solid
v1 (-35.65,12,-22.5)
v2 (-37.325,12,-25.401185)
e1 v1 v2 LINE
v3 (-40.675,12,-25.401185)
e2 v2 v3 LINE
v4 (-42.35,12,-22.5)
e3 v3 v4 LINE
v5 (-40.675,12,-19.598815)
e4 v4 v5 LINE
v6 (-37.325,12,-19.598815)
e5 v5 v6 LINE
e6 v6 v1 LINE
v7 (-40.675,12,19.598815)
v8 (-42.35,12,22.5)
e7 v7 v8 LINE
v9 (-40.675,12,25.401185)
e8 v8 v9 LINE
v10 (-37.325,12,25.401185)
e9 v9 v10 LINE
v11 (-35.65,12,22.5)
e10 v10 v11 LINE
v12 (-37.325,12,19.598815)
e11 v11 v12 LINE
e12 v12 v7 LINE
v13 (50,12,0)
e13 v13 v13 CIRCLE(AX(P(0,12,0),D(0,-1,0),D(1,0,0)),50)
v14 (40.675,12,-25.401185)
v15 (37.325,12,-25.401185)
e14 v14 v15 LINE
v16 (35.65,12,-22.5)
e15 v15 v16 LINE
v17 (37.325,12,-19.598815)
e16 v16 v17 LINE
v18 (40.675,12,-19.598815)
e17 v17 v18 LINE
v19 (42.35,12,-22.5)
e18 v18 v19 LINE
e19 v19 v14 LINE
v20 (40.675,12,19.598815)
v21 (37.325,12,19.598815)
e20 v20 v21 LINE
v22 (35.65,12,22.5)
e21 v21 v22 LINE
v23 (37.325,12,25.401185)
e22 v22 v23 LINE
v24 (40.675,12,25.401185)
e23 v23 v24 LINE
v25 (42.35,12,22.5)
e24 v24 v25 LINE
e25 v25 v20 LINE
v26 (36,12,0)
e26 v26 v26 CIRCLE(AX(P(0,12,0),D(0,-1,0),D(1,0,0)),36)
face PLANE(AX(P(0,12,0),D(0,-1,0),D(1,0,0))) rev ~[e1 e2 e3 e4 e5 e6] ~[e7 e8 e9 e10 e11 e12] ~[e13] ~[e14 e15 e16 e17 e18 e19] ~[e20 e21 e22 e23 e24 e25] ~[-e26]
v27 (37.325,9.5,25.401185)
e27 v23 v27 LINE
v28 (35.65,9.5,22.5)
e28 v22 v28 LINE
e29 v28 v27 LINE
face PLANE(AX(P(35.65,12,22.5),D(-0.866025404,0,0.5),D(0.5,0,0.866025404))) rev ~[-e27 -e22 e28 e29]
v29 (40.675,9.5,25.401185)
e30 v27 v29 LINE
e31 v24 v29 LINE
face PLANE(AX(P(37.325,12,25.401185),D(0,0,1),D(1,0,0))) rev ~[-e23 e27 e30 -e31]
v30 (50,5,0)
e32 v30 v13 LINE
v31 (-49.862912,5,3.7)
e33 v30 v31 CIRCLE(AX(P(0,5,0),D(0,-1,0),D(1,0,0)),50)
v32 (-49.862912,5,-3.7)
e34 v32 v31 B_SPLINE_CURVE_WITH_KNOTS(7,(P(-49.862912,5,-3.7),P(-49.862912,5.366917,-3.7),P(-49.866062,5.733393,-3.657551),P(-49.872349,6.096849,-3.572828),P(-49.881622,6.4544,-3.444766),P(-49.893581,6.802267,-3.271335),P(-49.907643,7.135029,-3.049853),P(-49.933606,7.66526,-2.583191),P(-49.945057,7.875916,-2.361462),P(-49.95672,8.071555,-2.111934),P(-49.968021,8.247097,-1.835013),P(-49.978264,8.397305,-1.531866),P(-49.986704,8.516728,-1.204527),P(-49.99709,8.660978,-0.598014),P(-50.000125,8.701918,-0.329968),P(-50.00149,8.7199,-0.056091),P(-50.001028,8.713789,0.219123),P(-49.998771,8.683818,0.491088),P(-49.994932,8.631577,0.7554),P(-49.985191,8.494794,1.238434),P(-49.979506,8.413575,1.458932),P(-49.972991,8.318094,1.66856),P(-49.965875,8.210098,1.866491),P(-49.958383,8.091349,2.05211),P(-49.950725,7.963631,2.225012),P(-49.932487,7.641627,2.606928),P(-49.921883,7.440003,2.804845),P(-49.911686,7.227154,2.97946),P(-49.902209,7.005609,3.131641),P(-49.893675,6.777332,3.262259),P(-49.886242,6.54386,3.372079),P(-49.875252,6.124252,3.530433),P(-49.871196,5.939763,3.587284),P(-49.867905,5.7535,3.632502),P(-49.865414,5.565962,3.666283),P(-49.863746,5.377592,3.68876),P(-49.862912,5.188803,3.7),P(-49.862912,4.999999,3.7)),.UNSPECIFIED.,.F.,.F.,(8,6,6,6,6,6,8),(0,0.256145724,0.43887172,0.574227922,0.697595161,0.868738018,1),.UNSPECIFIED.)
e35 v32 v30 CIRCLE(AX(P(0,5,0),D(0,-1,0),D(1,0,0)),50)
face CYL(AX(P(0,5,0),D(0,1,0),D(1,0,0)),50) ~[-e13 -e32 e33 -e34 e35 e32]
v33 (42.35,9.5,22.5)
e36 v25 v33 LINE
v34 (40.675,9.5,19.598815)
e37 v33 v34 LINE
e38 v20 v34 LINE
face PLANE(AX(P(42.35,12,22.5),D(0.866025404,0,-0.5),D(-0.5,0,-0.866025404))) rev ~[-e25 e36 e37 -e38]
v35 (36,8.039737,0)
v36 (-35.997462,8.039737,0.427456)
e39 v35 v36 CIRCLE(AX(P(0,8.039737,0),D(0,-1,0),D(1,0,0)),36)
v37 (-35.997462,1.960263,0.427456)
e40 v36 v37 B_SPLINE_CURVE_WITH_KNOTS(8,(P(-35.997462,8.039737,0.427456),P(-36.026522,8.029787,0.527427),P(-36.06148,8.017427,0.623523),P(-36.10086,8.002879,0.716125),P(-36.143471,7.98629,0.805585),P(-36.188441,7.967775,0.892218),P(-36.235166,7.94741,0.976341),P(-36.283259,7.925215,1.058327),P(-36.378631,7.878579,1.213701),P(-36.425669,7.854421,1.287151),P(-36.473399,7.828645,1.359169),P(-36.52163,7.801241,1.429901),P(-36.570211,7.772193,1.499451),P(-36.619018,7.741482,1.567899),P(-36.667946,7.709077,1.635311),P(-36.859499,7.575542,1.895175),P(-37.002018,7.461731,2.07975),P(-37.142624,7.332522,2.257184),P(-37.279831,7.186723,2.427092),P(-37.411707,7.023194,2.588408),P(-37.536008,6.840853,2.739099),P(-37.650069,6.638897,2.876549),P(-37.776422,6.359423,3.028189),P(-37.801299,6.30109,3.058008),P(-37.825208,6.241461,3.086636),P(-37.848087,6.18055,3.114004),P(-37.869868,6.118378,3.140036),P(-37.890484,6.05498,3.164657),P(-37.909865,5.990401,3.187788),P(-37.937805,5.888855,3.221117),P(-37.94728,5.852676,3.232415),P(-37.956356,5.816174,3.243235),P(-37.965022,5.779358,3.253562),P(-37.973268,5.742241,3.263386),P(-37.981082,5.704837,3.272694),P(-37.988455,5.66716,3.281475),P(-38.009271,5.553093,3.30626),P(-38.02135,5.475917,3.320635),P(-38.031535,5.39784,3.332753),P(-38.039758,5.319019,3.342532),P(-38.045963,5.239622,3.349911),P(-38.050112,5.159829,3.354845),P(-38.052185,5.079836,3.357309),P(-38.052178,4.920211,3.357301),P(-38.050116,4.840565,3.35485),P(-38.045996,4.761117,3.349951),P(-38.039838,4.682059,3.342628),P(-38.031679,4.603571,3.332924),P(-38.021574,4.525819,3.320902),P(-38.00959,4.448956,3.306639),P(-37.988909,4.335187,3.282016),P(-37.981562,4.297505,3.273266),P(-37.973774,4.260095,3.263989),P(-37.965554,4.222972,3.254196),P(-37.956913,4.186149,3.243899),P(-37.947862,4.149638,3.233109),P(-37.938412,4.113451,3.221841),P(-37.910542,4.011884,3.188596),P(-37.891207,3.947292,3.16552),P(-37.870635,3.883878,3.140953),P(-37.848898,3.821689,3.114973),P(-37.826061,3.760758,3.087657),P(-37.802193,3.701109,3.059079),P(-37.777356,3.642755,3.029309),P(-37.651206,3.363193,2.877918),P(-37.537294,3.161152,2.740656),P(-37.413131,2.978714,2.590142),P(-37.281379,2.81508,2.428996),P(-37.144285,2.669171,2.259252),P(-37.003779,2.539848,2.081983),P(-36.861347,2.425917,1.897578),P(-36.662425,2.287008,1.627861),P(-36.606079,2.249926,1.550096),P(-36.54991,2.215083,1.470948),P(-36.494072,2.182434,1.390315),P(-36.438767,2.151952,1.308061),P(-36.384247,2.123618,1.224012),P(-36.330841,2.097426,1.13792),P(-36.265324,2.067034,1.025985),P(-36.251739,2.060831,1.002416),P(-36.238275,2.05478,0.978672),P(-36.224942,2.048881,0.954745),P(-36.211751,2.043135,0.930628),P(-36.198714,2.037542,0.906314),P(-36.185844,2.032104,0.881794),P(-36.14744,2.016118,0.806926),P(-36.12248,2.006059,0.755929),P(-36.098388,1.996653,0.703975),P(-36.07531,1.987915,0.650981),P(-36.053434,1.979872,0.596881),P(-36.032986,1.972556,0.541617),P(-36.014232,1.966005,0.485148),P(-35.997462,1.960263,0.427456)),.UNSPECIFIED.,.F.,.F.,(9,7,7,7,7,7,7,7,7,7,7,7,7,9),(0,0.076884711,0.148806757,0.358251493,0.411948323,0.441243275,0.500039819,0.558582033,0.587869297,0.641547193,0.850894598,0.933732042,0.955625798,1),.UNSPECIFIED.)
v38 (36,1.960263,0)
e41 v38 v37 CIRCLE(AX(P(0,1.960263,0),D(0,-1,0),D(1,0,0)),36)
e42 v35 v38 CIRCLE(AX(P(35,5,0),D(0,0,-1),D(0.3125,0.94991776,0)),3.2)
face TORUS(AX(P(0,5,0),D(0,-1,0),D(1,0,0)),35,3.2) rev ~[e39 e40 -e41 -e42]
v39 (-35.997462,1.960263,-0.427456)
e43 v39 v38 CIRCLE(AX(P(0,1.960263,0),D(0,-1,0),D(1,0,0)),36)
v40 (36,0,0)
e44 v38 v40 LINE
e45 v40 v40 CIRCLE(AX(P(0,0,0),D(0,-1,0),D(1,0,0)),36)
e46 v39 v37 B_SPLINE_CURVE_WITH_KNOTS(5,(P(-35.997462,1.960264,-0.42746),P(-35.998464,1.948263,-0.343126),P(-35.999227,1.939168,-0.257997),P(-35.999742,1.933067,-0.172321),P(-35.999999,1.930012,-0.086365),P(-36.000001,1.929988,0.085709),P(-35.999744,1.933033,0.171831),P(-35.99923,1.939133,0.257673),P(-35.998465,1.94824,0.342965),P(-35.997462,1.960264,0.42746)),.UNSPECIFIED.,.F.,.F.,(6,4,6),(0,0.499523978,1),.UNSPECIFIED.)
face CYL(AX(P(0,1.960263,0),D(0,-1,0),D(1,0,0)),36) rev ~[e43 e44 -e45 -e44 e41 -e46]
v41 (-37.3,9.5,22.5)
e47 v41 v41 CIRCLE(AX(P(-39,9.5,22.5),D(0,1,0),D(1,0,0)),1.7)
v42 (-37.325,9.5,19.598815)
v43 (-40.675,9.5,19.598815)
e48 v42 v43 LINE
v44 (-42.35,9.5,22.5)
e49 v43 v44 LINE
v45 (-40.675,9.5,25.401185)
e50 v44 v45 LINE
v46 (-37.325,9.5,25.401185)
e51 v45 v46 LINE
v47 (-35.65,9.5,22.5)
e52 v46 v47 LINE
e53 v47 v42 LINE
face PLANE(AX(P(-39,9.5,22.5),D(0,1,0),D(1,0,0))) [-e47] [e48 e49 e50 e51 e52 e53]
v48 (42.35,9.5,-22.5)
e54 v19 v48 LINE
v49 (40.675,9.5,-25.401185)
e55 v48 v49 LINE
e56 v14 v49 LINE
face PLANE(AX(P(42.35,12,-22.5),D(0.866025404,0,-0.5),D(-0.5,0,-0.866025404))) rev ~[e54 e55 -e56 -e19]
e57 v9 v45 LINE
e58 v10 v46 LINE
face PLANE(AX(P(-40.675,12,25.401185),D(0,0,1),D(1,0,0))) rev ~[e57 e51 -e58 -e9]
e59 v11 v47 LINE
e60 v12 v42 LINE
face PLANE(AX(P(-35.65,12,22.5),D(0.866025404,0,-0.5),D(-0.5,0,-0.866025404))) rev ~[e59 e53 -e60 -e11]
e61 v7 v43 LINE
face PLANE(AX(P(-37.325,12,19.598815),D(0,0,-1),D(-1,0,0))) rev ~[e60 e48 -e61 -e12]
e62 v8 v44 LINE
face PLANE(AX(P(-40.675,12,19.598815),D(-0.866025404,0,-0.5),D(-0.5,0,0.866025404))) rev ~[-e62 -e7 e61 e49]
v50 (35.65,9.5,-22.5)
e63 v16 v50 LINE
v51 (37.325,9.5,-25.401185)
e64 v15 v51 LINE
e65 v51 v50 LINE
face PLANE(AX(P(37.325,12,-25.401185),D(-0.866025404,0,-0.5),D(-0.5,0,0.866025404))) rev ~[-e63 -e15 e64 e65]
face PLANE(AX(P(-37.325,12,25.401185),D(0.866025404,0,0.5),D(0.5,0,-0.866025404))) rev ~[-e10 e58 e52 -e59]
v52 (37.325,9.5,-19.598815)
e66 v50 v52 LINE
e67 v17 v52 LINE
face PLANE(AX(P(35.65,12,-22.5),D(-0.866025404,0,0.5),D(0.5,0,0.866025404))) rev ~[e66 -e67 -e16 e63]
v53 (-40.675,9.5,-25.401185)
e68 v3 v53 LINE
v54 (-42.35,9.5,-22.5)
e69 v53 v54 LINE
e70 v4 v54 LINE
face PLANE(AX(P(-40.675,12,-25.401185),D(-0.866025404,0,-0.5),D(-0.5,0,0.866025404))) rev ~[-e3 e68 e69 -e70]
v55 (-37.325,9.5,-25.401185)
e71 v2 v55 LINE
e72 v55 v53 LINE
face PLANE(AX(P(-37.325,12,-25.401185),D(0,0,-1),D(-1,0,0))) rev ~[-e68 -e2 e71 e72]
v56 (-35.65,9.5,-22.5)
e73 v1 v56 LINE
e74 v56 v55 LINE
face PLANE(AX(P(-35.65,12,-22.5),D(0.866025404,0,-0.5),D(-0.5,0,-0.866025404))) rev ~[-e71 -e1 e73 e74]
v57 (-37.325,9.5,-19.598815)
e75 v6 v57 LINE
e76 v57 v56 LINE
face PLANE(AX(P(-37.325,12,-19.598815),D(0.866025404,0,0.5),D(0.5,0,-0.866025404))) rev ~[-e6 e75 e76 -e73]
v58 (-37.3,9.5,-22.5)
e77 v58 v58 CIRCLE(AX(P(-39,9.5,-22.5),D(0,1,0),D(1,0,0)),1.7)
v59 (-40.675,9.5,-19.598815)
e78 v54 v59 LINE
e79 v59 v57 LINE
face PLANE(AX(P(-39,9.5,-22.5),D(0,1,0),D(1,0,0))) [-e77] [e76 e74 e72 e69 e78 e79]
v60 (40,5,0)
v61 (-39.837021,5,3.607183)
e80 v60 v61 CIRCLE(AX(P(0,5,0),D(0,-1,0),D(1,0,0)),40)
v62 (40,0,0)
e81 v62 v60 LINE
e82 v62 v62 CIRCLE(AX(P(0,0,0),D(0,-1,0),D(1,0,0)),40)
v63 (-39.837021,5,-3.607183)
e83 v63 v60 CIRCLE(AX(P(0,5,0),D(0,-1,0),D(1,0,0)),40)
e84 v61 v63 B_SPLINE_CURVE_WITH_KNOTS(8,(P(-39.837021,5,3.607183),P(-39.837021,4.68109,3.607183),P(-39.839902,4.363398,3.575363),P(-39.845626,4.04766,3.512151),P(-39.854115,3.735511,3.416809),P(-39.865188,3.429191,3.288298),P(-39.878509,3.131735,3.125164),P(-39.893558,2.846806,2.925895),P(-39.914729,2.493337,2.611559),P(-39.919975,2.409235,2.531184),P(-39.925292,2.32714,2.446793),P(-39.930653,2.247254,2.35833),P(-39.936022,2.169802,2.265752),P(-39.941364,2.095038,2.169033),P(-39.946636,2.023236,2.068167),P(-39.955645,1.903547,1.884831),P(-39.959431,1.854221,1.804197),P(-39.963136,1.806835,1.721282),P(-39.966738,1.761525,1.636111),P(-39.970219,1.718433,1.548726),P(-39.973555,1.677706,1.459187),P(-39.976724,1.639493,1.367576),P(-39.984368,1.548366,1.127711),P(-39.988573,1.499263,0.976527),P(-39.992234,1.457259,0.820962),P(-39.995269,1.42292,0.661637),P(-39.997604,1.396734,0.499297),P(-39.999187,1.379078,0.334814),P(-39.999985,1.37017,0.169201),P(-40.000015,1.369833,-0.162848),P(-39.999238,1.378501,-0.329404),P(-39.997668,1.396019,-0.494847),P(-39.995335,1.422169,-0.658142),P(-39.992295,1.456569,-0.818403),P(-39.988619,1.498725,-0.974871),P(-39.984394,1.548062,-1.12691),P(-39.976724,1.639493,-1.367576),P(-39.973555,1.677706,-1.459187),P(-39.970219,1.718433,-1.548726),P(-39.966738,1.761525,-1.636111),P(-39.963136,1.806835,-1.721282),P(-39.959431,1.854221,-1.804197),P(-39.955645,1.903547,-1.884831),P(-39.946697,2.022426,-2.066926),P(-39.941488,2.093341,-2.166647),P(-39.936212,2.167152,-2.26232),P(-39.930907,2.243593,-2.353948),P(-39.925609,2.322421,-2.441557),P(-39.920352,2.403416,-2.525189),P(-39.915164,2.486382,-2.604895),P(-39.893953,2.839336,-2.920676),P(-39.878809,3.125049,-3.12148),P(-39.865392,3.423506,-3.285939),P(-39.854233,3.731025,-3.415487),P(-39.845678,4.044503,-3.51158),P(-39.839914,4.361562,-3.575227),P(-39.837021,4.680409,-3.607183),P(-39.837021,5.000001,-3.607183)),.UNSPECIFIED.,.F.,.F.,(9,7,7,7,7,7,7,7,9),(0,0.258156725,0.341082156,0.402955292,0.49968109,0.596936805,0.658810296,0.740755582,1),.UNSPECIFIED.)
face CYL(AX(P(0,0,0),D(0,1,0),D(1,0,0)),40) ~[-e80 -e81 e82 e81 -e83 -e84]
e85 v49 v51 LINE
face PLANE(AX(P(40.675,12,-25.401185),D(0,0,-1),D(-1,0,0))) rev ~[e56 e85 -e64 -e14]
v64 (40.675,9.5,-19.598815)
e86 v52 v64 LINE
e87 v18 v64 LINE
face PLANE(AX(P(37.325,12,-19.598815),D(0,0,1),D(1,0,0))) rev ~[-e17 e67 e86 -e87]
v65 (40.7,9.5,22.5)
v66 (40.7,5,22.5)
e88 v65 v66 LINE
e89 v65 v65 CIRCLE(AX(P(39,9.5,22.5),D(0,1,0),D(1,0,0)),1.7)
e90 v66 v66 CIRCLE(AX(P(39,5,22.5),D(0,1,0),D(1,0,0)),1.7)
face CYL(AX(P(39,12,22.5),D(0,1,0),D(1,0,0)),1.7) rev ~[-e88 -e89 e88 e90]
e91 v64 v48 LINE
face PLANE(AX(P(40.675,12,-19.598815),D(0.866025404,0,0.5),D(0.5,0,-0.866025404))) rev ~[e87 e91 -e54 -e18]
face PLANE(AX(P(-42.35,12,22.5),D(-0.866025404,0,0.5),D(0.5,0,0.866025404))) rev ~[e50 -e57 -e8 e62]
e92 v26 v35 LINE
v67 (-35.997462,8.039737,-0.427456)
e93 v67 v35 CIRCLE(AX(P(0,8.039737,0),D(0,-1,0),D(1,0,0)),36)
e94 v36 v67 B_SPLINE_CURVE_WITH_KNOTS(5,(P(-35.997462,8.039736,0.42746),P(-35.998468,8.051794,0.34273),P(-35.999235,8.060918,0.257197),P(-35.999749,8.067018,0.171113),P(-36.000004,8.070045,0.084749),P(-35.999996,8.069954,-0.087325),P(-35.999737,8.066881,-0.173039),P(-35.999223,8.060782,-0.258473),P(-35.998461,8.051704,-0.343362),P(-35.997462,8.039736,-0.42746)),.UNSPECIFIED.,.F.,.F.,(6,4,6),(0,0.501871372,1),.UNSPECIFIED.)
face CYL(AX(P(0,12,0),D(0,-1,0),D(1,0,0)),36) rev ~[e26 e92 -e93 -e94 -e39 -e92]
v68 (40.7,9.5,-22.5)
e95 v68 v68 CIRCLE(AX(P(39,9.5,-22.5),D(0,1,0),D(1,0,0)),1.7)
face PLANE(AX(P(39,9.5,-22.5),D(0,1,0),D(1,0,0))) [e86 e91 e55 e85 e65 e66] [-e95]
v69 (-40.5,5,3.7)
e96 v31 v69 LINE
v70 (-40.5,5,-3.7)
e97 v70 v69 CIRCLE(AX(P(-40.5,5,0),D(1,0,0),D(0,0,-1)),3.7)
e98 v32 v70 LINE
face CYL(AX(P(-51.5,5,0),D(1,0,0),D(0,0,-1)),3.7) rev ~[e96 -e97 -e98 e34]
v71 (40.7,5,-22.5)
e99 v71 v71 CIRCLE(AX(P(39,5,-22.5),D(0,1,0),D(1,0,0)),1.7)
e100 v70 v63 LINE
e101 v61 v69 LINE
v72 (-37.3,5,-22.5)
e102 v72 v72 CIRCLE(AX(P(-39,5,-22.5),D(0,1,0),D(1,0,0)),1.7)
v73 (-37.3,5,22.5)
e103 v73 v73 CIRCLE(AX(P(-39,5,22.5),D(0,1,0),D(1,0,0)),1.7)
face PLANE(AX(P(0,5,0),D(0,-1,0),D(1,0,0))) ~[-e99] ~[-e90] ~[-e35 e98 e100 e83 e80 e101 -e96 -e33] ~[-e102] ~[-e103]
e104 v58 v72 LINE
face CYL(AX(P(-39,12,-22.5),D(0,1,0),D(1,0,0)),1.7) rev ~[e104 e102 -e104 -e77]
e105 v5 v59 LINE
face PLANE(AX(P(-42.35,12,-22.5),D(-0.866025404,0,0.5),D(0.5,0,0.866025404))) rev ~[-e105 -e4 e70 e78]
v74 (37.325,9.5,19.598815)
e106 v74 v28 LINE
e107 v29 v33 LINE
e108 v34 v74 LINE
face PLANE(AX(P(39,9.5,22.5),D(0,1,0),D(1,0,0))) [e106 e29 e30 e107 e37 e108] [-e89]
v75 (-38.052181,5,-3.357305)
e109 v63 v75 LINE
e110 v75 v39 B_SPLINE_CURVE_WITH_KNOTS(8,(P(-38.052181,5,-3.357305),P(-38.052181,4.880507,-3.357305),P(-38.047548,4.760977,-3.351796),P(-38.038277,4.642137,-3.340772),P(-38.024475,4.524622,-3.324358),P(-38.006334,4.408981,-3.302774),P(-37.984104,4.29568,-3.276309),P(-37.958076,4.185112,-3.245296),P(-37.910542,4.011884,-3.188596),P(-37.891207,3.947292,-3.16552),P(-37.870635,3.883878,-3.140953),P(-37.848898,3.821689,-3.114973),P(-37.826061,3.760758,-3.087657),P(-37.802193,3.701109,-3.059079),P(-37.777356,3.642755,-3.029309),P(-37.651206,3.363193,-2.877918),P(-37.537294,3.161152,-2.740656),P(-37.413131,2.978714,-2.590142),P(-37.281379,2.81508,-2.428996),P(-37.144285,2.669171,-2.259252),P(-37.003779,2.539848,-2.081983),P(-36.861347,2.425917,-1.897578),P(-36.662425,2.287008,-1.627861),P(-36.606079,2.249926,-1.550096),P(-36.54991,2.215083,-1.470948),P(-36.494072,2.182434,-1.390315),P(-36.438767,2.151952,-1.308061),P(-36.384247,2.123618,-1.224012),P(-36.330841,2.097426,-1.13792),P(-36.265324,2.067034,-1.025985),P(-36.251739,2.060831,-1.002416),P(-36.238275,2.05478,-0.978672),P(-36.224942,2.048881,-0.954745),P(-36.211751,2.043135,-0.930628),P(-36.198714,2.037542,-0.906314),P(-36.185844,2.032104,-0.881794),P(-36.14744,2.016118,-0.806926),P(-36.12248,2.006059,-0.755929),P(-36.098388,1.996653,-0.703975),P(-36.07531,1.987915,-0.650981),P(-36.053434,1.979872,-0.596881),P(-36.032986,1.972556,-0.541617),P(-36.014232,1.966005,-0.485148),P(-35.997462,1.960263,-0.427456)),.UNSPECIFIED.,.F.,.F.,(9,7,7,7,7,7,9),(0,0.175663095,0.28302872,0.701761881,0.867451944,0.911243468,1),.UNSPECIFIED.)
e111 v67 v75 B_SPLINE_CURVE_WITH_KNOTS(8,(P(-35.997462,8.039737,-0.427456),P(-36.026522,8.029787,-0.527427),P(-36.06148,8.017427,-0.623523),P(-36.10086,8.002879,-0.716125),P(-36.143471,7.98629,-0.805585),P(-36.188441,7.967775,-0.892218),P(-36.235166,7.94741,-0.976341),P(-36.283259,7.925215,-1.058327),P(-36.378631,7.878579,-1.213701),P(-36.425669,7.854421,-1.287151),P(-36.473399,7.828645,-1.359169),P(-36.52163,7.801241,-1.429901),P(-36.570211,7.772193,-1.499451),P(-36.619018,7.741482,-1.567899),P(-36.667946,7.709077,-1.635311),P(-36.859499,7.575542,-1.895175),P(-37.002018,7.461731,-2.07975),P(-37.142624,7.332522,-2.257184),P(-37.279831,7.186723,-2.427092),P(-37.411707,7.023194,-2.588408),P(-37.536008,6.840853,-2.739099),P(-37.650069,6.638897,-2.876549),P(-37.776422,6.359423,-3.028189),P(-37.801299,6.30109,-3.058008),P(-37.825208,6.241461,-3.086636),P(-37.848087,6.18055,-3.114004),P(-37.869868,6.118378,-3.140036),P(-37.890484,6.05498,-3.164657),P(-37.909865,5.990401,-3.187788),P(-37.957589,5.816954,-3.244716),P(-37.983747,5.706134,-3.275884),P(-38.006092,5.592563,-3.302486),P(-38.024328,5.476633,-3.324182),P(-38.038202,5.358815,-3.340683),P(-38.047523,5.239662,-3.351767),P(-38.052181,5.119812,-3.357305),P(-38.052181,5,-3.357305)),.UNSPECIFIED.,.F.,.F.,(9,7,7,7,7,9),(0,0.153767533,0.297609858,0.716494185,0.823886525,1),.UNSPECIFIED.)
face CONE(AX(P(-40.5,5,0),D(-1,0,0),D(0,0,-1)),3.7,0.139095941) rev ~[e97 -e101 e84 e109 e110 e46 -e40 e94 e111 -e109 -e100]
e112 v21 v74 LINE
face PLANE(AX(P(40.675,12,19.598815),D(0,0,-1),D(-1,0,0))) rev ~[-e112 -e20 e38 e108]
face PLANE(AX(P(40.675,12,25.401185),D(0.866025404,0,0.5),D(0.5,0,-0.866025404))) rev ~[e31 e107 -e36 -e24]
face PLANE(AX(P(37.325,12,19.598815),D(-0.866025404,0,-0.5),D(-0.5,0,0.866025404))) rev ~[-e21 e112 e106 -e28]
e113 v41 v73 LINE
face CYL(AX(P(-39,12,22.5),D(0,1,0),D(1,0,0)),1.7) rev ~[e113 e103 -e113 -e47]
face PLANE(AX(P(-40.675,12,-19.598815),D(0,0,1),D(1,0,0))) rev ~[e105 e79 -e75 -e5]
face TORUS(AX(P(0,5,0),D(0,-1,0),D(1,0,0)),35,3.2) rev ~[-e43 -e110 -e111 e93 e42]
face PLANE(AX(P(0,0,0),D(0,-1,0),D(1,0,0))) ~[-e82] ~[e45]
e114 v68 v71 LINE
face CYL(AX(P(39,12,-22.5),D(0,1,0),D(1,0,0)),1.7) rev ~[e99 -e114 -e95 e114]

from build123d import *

# Parameters (mm, degrees)
CROQUIS4_R            = 1.7
CORTAR_EXTRUIR1_DEPTH = 10
CORTAR_EXTRUIR2_DEPTH = 2.5


with BuildPart() as part:
    # Croquis1 → Revolución1 (revolve)
    with BuildSketch(Plane.XY):
        with BuildLine():
            Line((50, 12), (36, 12))
            Line((36, 12), (36, 8.039736831))
            ThreePointArc((36, 8.039736831), (38.2, 5), (36, 1.960263169))
            Line((36, 1.960263169), (36, 0))
            Line((36, 0), (40, 0))
            Line((40, 0), (40, 5))
            Line((40, 5), (50, 5))
            Line((50, 5), (50, 12))
        make_face()
    revolve(axis=Axis((0, 9.671658493, 0), (0, -1, 0)))

    # Croquis2 → Cortar-Revolución1 (revolve, cut)
    with BuildSketch(Plane(origin=(0, 5, 0), x_dir=(1, 0, 0), z_dir=(0, 1, 0))):
        Polygon((-35.5, 0), (-51.5, 0), (-51.5, 3.7), (-40.5, 3.7), (-35.5, 3), align=None)
    revolve(axis=Axis((-54.955446394, 5, 0), (1, 0, 0)), mode=Mode.SUBTRACT)

    # Croquis4 → Cortar-Extruir1 (cut)
    with BuildSketch(Plane(origin=(0, 12, 0), x_dir=(1, 0, 0), z_dir=(0, 1, 0))):
        with Locations((-39, 22.5)):
            Circle(CROQUIS4_R)
        with Locations((39, 22.5)):
            Circle(CROQUIS4_R)
        with Locations((39, -22.5)):
            Circle(CROQUIS4_R)
        with Locations((-39, -22.5)):
            Circle(CROQUIS4_R)
    extrude(amount=-CORTAR_EXTRUIR1_DEPTH, mode=Mode.SUBTRACT)

    # Croquis5 → Cortar-Extruir2 (cut)
    with BuildSketch(Plane(origin=(0, 12, 0), x_dir=(1, 0, 0), z_dir=(0, 1, 0))):
        Polygon((-42.35, 22.5), (-40.675, 19.598814897), (-37.325, 19.598814897), (-35.65, 22.5), (-37.325, 25.401185103), (-40.675, 25.401185103), align=None)
        Polygon((-42.35, -22.5), (-40.675, -25.401185103), (-37.325, -25.401185103), (-35.65, -22.5), (-37.325, -19.598814897), (-40.675, -19.598814897), align=None)
        Polygon((35.65, 22.5), (37.325, 19.598814897), (40.675, 19.598814897), (42.35, 22.5), (40.675, 25.401185103), (37.325, 25.401185103), align=None)
        Polygon((35.65, -22.5), (37.325, -25.401185103), (40.675, -25.401185103), (42.35, -22.5), (40.675, -19.598814897), (37.325, -19.598814897), align=None)
    extrude(amount=-CORTAR_EXTRUIR2_DEPTH, mode=Mode.SUBTRACT)


solid = part.part
